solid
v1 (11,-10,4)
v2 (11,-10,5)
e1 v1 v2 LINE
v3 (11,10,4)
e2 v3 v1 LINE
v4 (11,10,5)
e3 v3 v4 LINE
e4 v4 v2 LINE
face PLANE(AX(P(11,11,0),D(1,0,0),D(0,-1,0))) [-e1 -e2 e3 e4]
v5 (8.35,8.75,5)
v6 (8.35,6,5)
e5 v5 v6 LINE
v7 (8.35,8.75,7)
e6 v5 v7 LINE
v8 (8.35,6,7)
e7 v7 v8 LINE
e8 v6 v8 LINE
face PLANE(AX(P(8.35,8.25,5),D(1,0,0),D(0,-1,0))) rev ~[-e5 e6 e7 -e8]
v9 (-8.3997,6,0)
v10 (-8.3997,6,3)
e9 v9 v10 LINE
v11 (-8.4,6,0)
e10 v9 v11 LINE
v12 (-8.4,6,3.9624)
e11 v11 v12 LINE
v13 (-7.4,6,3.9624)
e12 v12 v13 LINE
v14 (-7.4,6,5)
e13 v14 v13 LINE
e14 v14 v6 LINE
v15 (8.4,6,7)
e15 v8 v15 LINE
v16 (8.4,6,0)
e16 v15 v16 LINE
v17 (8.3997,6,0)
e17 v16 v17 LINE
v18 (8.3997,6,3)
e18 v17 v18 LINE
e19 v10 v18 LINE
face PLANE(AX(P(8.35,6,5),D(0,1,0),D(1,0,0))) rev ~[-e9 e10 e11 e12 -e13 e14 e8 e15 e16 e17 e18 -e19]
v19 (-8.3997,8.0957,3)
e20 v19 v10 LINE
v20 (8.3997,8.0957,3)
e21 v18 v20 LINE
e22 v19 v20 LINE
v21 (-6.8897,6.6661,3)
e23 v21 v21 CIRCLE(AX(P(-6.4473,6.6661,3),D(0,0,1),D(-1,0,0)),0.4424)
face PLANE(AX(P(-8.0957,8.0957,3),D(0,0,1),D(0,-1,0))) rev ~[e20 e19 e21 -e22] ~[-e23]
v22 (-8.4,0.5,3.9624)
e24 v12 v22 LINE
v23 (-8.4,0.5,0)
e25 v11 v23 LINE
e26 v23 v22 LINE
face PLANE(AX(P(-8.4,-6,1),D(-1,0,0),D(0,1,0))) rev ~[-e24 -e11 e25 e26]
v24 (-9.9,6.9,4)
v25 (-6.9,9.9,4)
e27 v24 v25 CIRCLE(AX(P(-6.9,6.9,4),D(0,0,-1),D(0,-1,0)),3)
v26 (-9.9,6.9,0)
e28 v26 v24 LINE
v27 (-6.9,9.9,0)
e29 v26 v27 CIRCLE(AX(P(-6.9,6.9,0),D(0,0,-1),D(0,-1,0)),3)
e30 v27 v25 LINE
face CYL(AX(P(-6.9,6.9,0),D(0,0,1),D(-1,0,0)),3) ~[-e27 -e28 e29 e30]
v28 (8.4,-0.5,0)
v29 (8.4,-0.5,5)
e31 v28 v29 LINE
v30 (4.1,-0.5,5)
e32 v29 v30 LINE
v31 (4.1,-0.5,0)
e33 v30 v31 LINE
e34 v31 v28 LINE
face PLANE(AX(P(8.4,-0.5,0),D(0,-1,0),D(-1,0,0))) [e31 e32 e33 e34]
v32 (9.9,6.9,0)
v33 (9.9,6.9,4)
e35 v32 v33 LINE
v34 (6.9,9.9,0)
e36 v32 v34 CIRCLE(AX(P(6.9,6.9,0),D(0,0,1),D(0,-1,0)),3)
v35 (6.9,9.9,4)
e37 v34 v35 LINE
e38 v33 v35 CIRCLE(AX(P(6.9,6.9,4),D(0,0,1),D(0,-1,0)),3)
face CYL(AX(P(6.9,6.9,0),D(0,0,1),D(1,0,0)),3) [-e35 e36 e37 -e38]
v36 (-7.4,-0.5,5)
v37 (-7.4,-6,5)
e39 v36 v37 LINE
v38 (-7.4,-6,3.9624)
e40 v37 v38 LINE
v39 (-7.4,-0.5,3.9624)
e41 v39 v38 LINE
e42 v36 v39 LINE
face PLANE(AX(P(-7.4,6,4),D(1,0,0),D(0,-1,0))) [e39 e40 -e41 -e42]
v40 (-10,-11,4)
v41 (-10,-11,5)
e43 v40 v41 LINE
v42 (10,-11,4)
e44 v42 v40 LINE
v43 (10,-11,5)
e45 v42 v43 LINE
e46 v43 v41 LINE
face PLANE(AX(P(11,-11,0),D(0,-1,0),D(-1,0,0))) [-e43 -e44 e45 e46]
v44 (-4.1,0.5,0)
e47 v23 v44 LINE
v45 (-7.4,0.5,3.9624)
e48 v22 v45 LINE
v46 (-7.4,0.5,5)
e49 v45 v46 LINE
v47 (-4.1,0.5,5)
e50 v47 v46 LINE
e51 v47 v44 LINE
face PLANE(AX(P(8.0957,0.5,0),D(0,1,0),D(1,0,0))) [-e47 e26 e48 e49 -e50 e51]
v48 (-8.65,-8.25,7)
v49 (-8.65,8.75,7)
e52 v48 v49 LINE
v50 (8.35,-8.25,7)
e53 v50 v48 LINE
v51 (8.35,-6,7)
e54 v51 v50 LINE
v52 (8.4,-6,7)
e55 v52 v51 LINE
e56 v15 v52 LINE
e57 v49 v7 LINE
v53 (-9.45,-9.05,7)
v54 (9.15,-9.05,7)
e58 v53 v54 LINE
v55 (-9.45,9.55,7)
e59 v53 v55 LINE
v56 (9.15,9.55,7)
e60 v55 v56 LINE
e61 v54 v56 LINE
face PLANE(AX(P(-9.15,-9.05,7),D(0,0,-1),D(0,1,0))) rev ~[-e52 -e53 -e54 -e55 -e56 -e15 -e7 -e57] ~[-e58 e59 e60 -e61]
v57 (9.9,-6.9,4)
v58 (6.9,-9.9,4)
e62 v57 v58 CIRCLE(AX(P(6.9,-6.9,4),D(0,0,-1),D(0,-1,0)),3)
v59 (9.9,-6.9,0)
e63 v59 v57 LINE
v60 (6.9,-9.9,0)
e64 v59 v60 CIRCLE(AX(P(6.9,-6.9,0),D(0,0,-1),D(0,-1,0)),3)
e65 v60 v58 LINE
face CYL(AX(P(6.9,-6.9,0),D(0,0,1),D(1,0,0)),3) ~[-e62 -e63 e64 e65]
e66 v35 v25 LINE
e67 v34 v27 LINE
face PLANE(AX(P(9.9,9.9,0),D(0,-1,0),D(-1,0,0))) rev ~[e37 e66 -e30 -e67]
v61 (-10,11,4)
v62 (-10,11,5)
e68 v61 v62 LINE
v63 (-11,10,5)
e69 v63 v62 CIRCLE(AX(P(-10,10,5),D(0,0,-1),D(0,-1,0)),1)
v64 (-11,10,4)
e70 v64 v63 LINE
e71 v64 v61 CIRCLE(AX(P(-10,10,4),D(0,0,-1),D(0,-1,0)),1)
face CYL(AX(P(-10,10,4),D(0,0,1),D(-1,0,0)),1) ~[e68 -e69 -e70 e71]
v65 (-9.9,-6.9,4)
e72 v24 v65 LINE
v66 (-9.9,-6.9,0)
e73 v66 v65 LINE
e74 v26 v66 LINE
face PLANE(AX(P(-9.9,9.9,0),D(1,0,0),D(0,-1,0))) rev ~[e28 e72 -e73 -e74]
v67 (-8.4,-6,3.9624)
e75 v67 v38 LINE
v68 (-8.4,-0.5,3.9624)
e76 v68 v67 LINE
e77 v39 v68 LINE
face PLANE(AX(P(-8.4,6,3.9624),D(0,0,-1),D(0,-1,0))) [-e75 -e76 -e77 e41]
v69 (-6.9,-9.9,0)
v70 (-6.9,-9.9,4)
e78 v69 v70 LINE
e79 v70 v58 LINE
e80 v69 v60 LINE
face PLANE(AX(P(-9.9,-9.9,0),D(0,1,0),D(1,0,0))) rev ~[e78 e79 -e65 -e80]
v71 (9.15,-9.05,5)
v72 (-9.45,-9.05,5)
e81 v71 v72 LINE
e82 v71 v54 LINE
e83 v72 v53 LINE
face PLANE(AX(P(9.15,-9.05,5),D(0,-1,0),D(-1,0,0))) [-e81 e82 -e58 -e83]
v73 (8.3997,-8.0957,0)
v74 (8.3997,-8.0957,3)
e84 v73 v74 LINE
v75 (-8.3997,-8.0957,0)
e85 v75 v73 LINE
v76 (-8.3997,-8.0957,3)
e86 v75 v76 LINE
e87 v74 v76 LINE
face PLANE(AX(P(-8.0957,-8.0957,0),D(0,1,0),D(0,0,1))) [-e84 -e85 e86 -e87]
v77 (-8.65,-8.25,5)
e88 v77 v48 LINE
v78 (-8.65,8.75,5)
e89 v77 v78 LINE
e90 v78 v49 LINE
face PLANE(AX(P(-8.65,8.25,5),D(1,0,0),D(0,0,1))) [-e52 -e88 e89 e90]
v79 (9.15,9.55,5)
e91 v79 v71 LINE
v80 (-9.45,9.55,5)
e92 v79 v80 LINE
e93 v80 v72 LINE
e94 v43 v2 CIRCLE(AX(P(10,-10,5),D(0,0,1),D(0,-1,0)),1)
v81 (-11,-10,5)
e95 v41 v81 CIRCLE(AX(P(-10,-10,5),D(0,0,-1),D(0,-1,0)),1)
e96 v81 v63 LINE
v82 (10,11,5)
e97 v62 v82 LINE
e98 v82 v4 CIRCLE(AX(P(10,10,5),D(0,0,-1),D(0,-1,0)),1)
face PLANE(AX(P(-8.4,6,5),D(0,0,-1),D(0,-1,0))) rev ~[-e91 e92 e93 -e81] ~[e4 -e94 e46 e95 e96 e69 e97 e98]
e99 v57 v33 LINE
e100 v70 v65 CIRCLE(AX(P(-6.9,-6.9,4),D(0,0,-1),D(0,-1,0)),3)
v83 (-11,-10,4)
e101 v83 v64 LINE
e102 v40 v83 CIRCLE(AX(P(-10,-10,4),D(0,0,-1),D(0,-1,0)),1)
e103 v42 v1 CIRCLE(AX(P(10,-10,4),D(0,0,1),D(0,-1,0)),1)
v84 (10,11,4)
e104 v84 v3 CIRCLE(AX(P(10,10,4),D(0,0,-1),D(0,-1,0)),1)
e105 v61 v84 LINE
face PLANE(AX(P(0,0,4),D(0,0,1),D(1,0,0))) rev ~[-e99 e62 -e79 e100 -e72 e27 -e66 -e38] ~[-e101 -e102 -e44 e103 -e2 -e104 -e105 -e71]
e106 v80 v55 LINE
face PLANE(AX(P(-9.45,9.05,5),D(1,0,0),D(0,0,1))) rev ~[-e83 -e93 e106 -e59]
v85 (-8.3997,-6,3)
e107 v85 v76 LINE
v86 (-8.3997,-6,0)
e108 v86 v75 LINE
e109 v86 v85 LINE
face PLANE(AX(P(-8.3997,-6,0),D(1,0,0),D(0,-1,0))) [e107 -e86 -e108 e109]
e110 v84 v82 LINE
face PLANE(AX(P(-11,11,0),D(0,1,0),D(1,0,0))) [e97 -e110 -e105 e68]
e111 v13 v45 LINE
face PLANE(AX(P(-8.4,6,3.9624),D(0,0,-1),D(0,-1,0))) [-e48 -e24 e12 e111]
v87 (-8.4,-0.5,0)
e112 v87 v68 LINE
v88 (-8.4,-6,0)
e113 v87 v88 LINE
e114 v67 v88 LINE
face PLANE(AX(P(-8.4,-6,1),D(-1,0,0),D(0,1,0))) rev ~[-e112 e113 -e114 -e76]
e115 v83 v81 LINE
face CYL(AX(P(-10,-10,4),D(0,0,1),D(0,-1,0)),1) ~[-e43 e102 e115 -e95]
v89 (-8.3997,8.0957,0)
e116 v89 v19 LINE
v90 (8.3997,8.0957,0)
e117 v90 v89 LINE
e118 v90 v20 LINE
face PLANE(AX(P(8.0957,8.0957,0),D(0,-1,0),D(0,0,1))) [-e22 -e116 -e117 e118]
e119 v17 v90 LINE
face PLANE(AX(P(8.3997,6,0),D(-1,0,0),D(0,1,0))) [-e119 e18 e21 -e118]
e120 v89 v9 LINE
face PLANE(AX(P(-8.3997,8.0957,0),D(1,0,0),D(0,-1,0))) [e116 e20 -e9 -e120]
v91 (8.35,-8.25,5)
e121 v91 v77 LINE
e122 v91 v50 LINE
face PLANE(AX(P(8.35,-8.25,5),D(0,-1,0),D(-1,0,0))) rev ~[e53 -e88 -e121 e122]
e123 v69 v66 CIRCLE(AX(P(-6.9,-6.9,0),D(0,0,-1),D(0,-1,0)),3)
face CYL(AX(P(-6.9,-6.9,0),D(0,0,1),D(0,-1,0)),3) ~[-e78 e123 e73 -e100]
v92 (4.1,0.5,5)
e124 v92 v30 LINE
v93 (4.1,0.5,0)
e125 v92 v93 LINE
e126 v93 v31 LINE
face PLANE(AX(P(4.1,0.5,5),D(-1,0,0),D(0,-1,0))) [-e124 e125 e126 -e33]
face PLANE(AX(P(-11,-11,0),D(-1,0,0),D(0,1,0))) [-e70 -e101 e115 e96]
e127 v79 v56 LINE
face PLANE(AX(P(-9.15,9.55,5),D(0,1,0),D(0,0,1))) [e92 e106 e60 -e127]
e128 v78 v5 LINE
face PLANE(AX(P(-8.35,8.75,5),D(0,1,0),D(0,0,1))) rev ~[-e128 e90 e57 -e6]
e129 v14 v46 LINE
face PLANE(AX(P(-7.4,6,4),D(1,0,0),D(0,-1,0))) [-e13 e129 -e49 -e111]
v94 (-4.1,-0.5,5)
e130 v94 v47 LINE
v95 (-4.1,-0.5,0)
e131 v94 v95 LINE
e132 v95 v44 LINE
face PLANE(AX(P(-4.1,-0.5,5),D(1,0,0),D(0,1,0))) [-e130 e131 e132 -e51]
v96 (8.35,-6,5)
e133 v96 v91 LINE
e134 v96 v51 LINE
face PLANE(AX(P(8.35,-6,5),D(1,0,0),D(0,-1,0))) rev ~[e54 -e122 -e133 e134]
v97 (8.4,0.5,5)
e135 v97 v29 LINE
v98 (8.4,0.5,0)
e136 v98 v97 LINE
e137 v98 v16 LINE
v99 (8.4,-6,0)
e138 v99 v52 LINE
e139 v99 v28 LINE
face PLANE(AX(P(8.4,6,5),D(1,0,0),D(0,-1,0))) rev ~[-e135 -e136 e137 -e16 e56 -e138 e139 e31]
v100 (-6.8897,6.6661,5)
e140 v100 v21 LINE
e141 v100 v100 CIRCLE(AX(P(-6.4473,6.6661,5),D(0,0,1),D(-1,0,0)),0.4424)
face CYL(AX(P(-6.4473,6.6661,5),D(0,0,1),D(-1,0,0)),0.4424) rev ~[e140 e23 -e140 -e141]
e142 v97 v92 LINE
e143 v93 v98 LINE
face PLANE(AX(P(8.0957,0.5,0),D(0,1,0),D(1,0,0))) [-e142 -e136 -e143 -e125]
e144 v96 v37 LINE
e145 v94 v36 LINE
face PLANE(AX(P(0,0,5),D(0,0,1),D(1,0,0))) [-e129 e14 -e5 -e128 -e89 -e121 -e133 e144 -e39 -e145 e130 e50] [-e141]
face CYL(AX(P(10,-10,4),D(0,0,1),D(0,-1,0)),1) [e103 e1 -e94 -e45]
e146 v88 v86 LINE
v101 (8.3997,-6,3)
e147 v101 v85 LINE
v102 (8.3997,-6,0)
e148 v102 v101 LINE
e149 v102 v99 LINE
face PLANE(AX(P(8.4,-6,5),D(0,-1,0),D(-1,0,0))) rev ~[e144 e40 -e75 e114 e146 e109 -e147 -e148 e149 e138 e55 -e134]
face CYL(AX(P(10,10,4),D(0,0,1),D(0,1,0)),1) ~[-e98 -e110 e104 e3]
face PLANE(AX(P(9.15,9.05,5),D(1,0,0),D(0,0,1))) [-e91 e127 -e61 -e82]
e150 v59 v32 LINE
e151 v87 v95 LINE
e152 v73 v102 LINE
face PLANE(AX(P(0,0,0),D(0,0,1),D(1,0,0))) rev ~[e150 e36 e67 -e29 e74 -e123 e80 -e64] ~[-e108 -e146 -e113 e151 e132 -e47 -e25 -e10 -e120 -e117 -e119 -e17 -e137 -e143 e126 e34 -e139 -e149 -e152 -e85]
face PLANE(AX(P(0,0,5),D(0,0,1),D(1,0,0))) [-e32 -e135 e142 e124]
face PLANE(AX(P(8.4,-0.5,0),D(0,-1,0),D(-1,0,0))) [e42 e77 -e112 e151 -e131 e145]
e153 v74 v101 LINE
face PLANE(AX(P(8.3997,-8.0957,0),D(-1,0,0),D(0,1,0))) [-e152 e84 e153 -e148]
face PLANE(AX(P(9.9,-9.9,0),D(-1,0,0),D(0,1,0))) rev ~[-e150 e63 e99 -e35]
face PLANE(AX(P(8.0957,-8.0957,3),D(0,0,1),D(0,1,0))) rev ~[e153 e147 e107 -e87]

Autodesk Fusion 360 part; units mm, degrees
sketch "Sketch1" plane through (0, 0, 0) normal (0, 0, 1) x (1, 0, 0)
  line L0 (9.9, 9.9) -> (-9.9, 9.9)
  line L1 (-9.9, 9.9) -> (-9.9, -9.9)
  line L2 (-9.9, -9.9) -> (9.9, -9.9)
  line L3 (9.9, -9.9) -> (9.9, 9.9)
  line L4 (9.9, 9.9) -> (-9.9, -9.9) construction
  line L5 (-9.9, 9.9) -> (9.9, -9.9) construction
  line L6 (11, -11) -> (-11, -11)
  line L7 (-11, -11) -> (-11, 11)
  line L8 (-11, 11) -> (11, 11)
  line L9 (11, 11) -> (11, -11)
  line L10 (11, -11) -> (-11, 11) construction
  line L11 (-11, -11) -> (11, 11) construction
  line L12 (8.9, -8.9) -> (-8.9, -8.9)
  line L13 (-8.9, -8.9) -> (-8.9, 8.9)
  line L14 (-8.9, 8.9) -> (8.9, 8.9)
  line L15 (8.9, 8.9) -> (8.9, -8.9)
  line L16 (8.9, -8.9) -> (-8.9, 8.9) construction
  line L17 (-8.9, -8.9) -> (8.9, 8.9) construction
  line L18 (8.4, -6) -> (-8.4, -6)
  line L19 (-8.4, -6) -> (-8.4, 6)
  line L20 (-8.4, 6) -> (8.4, 6)
  line L21 (8.4, 6) -> (8.4, -6)
  line L22 (8.4, -6) -> (-8.4, 6) construction
  line L23 (-8.4, -6) -> (8.4, 6) construction
  line L24 (8.0957, 8.0957) -> (-8.0957, 8.0957)
  line L25 (-8.0957, 8.0957) -> (-8.0957, -8.0957)
  line L26 (-8.0957, -8.0957) -> (8.0957, -8.0957)
  line L27 (8.0957, -8.0957) -> (8.0957, 8.0957)
  line L28 (8.0957, 8.0957) -> (-8.0957, -8.0957) construction
  line L29 (-8.0957, 8.0957) -> (8.0957, -8.0957) construction
  line L30 (8.9, -0.5) -> (-8.9, -0.5)
  line L31 (-8.9, -0.5) -> (-8.9, 0.5)
  line L32 (-8.9, 0.5) -> (8.9, 0.5)
  line L33 (8.9, 0.5) -> (8.9, -0.5)
  line L34 (8.9, -0.5) -> (-8.9, 0.5) construction
  line L35 (-8.9, -0.5) -> (8.9, 0.5) construction
  dimension "d1" = 19.8
  dimension "d2" = 19.8
  dimension "d3" = 22
  dimension "d4" = 22
  dimension "d5" = 17.8
  dimension "d6" = 17.8
  dimension "d7" = 16.8
  dimension "d8" = 12
  dimension "d53" = 1
extrude "Extrude1" add sketch "Sketch1" along normal blind 1 contours L12 L13 L15 L18 L19 L21 L25 L26 L27 L30 | L15 L21 L30 L32 L33 | L13 L19 L30 L31 L32 | L13 L14 L15 L19 L20 L21 L24 L25 L27 L32 | L18 L25 L26 L27 | L20 L24 L25 L27
extrude "Extrude2" add sketch "Sketch1" along normal blind 4 contours L0 L1 L2 L3
extrude "Extrude3" add sketch "Sketch1" along normal blind 5 contours L6 L7 L8 L9
extrude "Extrude4" cut sketch "Sketch1" along normal blind 4 contours L6 L7 L8 L9
extrude "Extrude5" add 1 faces at (-9.5667, -2.9667, 4) along direction (0, 0, 1) blind 1
fillet "Fillet1" radius 3 1 edges at (9.9, -9.9, 2)
fillet "Fillet2" radius 3 1 edges at (-9.9, -9.9, 2)
fillet "Fillet3" radius 3 2 edges at (-9.9, 9.9, 2) (9.9, 9.9, 2)
fillet "Fillet4" radius 1 4 edges at (-11, -11, 4.5) (-11, 11, 4.5) (11, -11, 4.5) (11, 11, 4.5)
extrude "Extrude6" add 1 faces at (-2.8, -7.9333, 1) along direction (0, 0, 1) blind 5
extrude "Extrude7" cut sketch "Sketch1" along normal blind 3 contours L18 L25 L26 L27 | L20 L24 L25 L27
extrude "Extrude8" cut 1 faces at (-8.0957, 7.3972, 1) along direction (-1, 0, 0) blind 0.304
extrude "Extrude9" cut 1 faces at (8.0957, 6.6986, 1) along direction (1, 0, 0) blind 0.304
extrude "Extrude10" cut 1 faces at (8.0957, -7.3972, 1) along direction (1, 0, 0) blind 0.304
extrude "Extrude11" cut 1 faces at (-8.0957, -6.6986, 1) along direction (-1, 0, 0) blind 0.304
sketch "Sketch2" plane through (8.4, 0, 0) normal (-1, 0, 0) x (0, -1, 0)
  line L0 (-6, 0) -> (6, 0)
  line L1 (6, 0) -> (6, 6)
  line L2 (6, 6) -> (-6, 6)
  line L3 (-6, 6) -> (-6, 0)
  line L4 (-6, 6) -> (6, 6)
  line L5 (6, 6) -> (6, 4.0166)
  line L6 (6, 4.0166) -> (-6, 4.0166)
  line L7 (-6, 4.0166) -> (-6, 6)
extrude "Extrude12" add sketch "Sketch2" along normal blind 1 contours L1 L2 L3 L4 L5 L6 L7
sketch "Sketch3" plane through (-8.4, 0, 0) normal (1, 0, 0) x (0, 1, 0)
  line L0 (-6, 0) -> (6, 0)
  line L1 (6, 0) -> (6, 6)
  line L2 (6, 6) -> (-6, 6)
  line L3 (-6, 6) -> (-6, 0)
  line L4 (-6, 6) -> (6, 6)
  line L5 (6, 6) -> (6, 3.9624)
  line L6 (6, 3.9624) -> (-6, 3.9624)
  line L7 (-6, 3.9624) -> (-6, 6)
extrude "Extrude13" add sketch "Sketch3" along normal blind 1 contours L1 L2 L3 L4 L5 L6 L7
extrude "Extrude14" cut 1 faces at (-2.4667, 7.9333, 6) along direction (0, 0, -1) blind 2
extrude "Extrude15" add 1 faces at (-2.4667, 7.9333, 4) along direction (0, 0, 1) blind 1
sketch "TOP BUTTON GUIDE" plane through (0, 0, 5) normal (0, 0, 1) x (-1, 0, 0)
  line L0 (-8.4, 6) -> (7.4, 6)
  line L1 (7.4, 6) -> (7.4, -6)
  line L2 (7.4, -6) -> (-8.4, -6)
  line L3 (-8.4, -6) -> (-8.4, 6)
  arc A0 (-11, -10) -> (-10, -11) centre (-10, -10) ccw
  line L4 (-10, -11) -> (10, -11)
  arc A1 (10, -11) -> (11, -10) centre (10, -10) ccw
  line L5 (11, -10) -> (11, 10)
  arc A2 (11, 10) -> (10, 11) centre (10, 10) ccw
  line L6 (10, 11) -> (-10, 11)
  arc A3 (-10, 11) -> (-11, 10) centre (-10, 10) ccw
  line L7 (-11, 10) -> (-11, -10)
  line L8 (-8.35, 8.25) -> (8.35, 8.25)
  line L9 (8.35, 8.25) -> (8.35, -8.25)
  line L10 (8.35, -8.25) -> (-8.35, -8.25)
  line L11 (-8.35, -8.25) -> (-8.35, 8.25)
  line L12 (-8.35, 8.25) -> (8.35, -8.25) construction
  line L13 (8.35, 8.25) -> (-8.35, -8.25) construction
  line L14 (-9.15, 9.05) -> (9.15, 9.05)
  line L15 (9.15, 9.05) -> (9.15, -9.05)
  line L16 (9.15, -9.05) -> (-9.15, -9.05)
  line L17 (-9.15, -9.05) -> (-9.15, 9.05)
  line L18 (-9.15, 9.05) -> (9.15, -9.05) construction
  line L19 (9.15, 9.05) -> (-9.15, -9.05) construction
  dimension "d47" = 16.7
  dimension "d48" = 16.5
  dimension "d49" = 18.3
  dimension "d50" = 18.1
extrude "Extrude16" add sketch "TOP BUTTON GUIDE" along normal blind 2 contours L14 L15 L16 L17
extrude "Extrude17" add sketch "Sketch1" along normal blind 5 contours L21 L27 L30 L32 | L19 L25 L30 L32 | L25 L27 L30 L32
sketch "Sketch5" plane through (0, 0, 5) normal (0, 0, 1) x (-1, 0, 0)
  line L0 (7.4, -0.5) -> (7.4, -6)
  line L1 (7.4, -6) -> (-8.35, -6)
  line L2 (-8.35, -6) -> (-8.35, -8.25)
  line L3 (-8.35, -8.25) -> (8.35, -8.25)
  line L4 (8.35, -8.25) -> (8.35, 8.25)
  line L5 (8.35, 8.25) -> (-8.35, 8.25)
  line L6 (-8.35, 8.25) -> (-8.35, 6)
  line L7 (-8.35, 6) -> (7.4, 6)
  line L8 (7.4, 6) -> (7.4, 0.5)
  line L9 (7.4, 0.5) -> (-8.4, 0.5)
  line L10 (-8.4, 0.5) -> (-8.4, -0.5)
  line L11 (-8.4, -0.5) -> (7.4, -0.5)
  line L12 (-3.5, 1.3147) -> (3.5, 1.3147)
  line L13 (3.5, 1.3147) -> (3.5, -1.3147)
  line L14 (3.5, -1.3147) -> (-3.5, -1.3147)
  line L15 (-3.5, -1.3147) -> (-3.5, 1.3147)
  line L16 (-3.5, 1.3147) -> (3.5, -1.3147) construction
  line L17 (3.5, 1.3147) -> (-3.5, -1.3147) construction
  dimension "d56" = 7
extrude "Extrude18" cut sketch "Sketch5" against normal blind 6 contours L9 L11 L13 L15
extrude "Extrude19" cut 1 faces at (-2.7833, 8.25, 5.6667) along direction (0, 1, 0) blind 0.5
extrude "Extrude20" add 1 faces at (-3.05, 9.05, 5.6667) along direction (0, 1, 0) blind 0.5
extrude "Extrude21" cut 1 faces at (-8.35, 3.0833, 6.3333) along direction (-1, 0, 0) blind 0.3
extrude "Extrude22" add 1 faces at (-9.15, 3.35, 5.6667) along direction (-1, 0, 0) blind 0.3
sketch "Sketch6" plane through (0, 0, 5) normal (0, 0, 1) x (-1, 0, 0)
  line L0 (3.5, 0.5) -> (3.5, -0.5)
  line L1 (3.5, -0.5) -> (7.4, -0.5)
  line L2 (7.4, -0.5) -> (7.4, -6)
  line L3 (7.4, -6) -> (-8.35, -6)
  line L4 (-8.35, -6) -> (-8.35, -8.75)
  line L5 (-8.35, -8.75) -> (8.65, -8.75)
  line L6 (8.65, -8.75) -> (8.65, 8.25)
  line L7 (8.65, 8.25) -> (-8.35, 8.25)
  line L8 (-8.35, 8.25) -> (-8.35, 6)
  line L9 (-8.35, 6) -> (7.4, 6)
  line L10 (7.4, 6) -> (7.4, 0.5)
  line L11 (7.4, 0.5) -> (3.5, 0.5)
  circle A0 centre (6.4473, -6.6661) radius 0.4424
extrude "Extrude23" cut sketch "Sketch6" against normal blind 2 contours A0
extrude "Extrude24" cut 1 faces at (-3.5, -0.1667, 3.3333) along direction (-1, 0, 0) blind 0.6
extrude "Extrude25" cut 1 faces at (3.5, 0.1667, 3.3333) along direction (1, 0, 0) blind 0.6
